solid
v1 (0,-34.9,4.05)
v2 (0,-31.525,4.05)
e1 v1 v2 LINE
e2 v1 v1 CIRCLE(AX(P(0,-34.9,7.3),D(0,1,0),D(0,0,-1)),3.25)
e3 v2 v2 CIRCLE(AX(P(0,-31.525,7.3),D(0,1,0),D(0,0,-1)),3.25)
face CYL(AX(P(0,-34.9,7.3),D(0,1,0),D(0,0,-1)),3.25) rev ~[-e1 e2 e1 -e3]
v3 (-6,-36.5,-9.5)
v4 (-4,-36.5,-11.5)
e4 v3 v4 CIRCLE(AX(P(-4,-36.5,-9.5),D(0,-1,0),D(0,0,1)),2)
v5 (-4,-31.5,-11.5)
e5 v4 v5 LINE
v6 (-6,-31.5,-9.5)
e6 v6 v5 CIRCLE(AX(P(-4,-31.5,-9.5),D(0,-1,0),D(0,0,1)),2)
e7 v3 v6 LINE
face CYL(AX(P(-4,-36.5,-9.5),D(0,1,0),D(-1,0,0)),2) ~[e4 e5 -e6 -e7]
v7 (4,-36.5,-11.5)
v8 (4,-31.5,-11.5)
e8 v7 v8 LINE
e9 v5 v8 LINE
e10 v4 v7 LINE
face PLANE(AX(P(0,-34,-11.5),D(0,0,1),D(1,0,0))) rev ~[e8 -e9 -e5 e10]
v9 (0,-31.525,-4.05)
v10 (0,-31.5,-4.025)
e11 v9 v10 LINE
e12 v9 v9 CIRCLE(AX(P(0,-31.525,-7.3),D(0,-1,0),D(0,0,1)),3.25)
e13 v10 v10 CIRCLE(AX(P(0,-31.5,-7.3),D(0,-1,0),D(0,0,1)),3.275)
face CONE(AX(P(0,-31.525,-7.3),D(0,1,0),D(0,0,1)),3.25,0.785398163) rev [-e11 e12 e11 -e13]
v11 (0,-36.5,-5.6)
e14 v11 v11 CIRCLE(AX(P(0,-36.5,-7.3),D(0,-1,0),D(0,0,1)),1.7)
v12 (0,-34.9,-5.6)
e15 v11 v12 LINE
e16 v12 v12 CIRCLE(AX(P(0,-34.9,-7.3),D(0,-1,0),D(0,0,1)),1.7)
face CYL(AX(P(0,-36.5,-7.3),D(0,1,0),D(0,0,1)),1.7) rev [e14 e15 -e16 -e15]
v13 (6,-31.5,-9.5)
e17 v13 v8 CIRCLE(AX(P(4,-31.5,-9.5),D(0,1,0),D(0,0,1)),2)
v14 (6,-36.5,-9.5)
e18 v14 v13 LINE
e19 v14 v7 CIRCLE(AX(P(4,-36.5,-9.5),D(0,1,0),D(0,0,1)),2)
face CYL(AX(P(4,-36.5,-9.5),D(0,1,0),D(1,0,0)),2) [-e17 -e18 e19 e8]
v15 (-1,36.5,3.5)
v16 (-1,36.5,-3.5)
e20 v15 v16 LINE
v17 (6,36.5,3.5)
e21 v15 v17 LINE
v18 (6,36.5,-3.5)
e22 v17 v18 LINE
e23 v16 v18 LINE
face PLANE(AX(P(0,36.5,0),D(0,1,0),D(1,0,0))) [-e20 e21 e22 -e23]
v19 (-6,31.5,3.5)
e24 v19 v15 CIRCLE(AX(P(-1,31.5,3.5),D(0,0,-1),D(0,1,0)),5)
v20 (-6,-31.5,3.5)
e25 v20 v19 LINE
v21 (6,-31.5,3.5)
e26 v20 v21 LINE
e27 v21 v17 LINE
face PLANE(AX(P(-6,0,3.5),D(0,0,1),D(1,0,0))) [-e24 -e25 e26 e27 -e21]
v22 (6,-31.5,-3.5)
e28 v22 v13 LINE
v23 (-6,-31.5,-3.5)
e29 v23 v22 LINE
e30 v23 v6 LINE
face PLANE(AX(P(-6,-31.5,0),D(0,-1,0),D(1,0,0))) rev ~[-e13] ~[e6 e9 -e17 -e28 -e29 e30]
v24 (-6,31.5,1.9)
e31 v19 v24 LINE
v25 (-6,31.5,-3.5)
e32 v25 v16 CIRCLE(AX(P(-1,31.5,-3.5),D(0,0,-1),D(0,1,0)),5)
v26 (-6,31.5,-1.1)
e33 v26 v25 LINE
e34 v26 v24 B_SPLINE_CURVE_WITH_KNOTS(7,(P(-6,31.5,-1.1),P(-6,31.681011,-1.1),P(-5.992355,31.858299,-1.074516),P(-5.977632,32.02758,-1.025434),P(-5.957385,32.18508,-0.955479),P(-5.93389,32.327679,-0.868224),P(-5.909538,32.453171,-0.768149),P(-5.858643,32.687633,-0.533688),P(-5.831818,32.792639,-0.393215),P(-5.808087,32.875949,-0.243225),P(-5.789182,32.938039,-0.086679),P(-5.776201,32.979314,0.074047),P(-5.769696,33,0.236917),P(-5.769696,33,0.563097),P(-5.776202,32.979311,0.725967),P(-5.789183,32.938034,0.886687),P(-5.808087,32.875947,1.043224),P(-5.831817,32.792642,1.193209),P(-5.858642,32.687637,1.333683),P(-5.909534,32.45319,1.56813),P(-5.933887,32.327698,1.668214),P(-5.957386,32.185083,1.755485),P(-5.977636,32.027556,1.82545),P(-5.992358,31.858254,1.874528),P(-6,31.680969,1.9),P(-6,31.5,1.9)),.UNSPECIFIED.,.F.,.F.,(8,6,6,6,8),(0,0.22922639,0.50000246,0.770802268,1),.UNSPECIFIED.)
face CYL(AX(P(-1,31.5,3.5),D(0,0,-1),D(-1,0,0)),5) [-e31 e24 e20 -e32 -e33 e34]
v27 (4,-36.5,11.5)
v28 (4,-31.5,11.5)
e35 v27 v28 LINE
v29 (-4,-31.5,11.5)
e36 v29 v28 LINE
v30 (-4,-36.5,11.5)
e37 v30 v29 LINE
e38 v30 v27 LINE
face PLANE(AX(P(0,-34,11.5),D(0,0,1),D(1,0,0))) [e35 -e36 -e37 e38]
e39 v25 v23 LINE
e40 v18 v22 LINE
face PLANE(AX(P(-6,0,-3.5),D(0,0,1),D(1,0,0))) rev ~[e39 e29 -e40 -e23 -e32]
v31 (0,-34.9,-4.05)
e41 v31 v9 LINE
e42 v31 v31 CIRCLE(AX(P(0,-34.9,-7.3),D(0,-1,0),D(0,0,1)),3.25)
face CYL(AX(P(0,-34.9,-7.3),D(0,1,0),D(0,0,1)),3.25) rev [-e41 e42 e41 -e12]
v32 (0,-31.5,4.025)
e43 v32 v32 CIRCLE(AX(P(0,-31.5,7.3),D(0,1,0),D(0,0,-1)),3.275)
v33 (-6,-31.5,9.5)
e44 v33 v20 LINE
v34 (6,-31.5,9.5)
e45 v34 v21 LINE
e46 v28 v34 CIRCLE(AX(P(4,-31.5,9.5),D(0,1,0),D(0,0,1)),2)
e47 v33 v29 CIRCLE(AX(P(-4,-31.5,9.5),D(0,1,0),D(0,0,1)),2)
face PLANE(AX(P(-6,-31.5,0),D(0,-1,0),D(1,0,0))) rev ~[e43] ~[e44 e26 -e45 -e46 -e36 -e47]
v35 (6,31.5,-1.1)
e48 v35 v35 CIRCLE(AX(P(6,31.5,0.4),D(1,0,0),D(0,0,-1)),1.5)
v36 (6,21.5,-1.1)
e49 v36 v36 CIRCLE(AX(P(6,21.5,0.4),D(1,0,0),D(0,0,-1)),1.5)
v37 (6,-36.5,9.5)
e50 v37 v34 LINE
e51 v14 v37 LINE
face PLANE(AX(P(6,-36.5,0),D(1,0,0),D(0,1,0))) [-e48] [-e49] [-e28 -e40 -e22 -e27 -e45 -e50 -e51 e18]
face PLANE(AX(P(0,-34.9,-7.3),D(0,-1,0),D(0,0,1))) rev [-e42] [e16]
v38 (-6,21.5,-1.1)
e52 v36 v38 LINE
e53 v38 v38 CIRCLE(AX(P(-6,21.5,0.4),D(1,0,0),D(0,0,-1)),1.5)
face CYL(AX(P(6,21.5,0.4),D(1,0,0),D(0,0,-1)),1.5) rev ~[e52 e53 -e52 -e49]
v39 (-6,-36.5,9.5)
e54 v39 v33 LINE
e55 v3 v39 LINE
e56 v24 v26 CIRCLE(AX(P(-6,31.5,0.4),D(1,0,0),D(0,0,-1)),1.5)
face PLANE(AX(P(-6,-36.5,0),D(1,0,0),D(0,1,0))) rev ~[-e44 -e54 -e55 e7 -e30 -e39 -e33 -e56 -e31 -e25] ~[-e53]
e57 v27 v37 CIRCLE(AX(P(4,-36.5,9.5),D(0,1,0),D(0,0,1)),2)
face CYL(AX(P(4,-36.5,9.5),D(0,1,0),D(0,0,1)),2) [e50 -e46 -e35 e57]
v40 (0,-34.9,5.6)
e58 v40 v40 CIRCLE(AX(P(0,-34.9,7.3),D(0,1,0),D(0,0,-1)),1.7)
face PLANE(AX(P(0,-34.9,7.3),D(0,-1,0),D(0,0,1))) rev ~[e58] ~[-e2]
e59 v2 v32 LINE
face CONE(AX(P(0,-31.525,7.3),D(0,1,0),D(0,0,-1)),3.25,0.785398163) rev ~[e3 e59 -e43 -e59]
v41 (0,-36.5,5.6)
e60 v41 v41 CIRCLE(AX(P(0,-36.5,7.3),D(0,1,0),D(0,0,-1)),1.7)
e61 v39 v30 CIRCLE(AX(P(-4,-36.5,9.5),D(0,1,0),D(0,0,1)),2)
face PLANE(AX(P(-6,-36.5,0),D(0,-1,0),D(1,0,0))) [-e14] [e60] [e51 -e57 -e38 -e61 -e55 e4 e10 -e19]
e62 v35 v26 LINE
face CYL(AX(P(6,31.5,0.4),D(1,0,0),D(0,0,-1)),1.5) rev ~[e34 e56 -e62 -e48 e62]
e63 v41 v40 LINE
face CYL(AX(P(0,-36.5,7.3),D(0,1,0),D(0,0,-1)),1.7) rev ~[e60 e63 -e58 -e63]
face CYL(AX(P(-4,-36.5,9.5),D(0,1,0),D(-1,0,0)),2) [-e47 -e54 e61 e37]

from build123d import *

# Parameters (mm, degrees)
SKETCH1_W           = 12
SKETCH1_H           = 7
BOSS_EXTRUDE1_DEPTH = 36.5
SKETCH3_W           = 12
SKETCH3_H           = 5
BOSS_EXTRUDE2_DEPTH = 11.5
FILLET1_R           = 2
FILLET2_R           = 5
CUT_EXTRUDE1_REACH  = 14
SKETCH7_R           = 1.5


with BuildPart() as part:
    # Sketch1 → Boss-Extrude1 (new body, symmetric)
    with BuildSketch(Plane(origin=(0, 0, 0), x_dir=(1, 0, 0), z_dir=(0, 1, 0))):
        Rectangle(SKETCH1_W, SKETCH1_H)
    extrude(amount=BOSS_EXTRUDE1_DEPTH, both=True)

    # Sketch3 → Boss-Extrude2 (add, symmetric)
    with BuildSketch(Plane.XY):
        with Locations((0, -34)):
            Rectangle(SKETCH3_W, SKETCH3_H)
    extrude(amount=BOSS_EXTRUDE2_DEPTH, both=True)

    # Fillet1
    fillet1_edges = [part.edges().sort_by_distance(p)[0] for p in [
        (-6, -34, -11.5),
        (6, -34, -11.5),
        (-6, -34, 11.5),
        (6, -34, 11.5),
    ]]
    fillet(fillet1_edges, radius=FILLET1_R)

    # Sketch6 → CBORE for M3 Hex Socket Head Cap Screw1 (revolve, cut)
    with BuildSketch(Plane(origin=(0, -31.5, -7.3), x_dir=(0, 0, 1), z_dir=(1, 0, 0))):
        Polygon((0, 0), (0, 5), (1.7, 5), (1.7, 3.4), (3.25, 3.4), (3.25, 0.025), (3.275, 0), align=None)
    cbore_for_m3_hex_socket_head_cap_screw1 = revolve(axis=Axis((0, -25.15, -7.3), (0, -1, 0)), mode=Mode.SUBTRACT)

    # Mirror1: CBORE for M3 Hex Socket Head Cap Screw1 across plane
    add(cbore_for_m3_hex_socket_head_cap_screw1.mirror(Plane.XY), mode=Mode.SUBTRACT)

    # Fillet2
    fillet2_edges = [part.edges().sort_by_distance(p)[0] for p in [
        (-6, 36.5, 0),
    ]]
    fillet(fillet2_edges, radius=FILLET2_R)

    # Sketch7 → Cut-Extrude1 (cut, up to next)
    with BuildSketch(Plane(origin=(6, 0, 0), x_dir=(0, 0, -1), z_dir=(1, 0, 0)), mode=Mode.PRIVATE) as cut_extrude1_sk1:
        with Locations((-0.4, 31.5)):
            Circle(SKETCH7_R)
    cut_extrude1_tool1 = extrude(cut_extrude1_sk1.sketch, amount=-CUT_EXTRUDE1_REACH, mode=Mode.PRIVATE) & part.part
    add(cut_extrude1_tool1.solids().sort_by_distance((6, 31.5, 0.4))[0], mode=Mode.SUBTRACT)
    # Sketch7 → Cut-Extrude1 (cut, up to next)
    with BuildSketch(Plane(origin=(6, 0, 0), x_dir=(0, 0, -1), z_dir=(1, 0, 0)), mode=Mode.PRIVATE) as cut_extrude1_sk2:
        with Locations((-0.4, 21.5)):
            Circle(SKETCH7_R)
    cut_extrude1_tool2 = extrude(cut_extrude1_sk2.sketch, amount=-CUT_EXTRUDE1_REACH, mode=Mode.PRIVATE) & part.part
    add(cut_extrude1_tool2.solids().sort_by_distance((6, 21.5, 0.4))[0], mode=Mode.SUBTRACT)


solid = part.part
